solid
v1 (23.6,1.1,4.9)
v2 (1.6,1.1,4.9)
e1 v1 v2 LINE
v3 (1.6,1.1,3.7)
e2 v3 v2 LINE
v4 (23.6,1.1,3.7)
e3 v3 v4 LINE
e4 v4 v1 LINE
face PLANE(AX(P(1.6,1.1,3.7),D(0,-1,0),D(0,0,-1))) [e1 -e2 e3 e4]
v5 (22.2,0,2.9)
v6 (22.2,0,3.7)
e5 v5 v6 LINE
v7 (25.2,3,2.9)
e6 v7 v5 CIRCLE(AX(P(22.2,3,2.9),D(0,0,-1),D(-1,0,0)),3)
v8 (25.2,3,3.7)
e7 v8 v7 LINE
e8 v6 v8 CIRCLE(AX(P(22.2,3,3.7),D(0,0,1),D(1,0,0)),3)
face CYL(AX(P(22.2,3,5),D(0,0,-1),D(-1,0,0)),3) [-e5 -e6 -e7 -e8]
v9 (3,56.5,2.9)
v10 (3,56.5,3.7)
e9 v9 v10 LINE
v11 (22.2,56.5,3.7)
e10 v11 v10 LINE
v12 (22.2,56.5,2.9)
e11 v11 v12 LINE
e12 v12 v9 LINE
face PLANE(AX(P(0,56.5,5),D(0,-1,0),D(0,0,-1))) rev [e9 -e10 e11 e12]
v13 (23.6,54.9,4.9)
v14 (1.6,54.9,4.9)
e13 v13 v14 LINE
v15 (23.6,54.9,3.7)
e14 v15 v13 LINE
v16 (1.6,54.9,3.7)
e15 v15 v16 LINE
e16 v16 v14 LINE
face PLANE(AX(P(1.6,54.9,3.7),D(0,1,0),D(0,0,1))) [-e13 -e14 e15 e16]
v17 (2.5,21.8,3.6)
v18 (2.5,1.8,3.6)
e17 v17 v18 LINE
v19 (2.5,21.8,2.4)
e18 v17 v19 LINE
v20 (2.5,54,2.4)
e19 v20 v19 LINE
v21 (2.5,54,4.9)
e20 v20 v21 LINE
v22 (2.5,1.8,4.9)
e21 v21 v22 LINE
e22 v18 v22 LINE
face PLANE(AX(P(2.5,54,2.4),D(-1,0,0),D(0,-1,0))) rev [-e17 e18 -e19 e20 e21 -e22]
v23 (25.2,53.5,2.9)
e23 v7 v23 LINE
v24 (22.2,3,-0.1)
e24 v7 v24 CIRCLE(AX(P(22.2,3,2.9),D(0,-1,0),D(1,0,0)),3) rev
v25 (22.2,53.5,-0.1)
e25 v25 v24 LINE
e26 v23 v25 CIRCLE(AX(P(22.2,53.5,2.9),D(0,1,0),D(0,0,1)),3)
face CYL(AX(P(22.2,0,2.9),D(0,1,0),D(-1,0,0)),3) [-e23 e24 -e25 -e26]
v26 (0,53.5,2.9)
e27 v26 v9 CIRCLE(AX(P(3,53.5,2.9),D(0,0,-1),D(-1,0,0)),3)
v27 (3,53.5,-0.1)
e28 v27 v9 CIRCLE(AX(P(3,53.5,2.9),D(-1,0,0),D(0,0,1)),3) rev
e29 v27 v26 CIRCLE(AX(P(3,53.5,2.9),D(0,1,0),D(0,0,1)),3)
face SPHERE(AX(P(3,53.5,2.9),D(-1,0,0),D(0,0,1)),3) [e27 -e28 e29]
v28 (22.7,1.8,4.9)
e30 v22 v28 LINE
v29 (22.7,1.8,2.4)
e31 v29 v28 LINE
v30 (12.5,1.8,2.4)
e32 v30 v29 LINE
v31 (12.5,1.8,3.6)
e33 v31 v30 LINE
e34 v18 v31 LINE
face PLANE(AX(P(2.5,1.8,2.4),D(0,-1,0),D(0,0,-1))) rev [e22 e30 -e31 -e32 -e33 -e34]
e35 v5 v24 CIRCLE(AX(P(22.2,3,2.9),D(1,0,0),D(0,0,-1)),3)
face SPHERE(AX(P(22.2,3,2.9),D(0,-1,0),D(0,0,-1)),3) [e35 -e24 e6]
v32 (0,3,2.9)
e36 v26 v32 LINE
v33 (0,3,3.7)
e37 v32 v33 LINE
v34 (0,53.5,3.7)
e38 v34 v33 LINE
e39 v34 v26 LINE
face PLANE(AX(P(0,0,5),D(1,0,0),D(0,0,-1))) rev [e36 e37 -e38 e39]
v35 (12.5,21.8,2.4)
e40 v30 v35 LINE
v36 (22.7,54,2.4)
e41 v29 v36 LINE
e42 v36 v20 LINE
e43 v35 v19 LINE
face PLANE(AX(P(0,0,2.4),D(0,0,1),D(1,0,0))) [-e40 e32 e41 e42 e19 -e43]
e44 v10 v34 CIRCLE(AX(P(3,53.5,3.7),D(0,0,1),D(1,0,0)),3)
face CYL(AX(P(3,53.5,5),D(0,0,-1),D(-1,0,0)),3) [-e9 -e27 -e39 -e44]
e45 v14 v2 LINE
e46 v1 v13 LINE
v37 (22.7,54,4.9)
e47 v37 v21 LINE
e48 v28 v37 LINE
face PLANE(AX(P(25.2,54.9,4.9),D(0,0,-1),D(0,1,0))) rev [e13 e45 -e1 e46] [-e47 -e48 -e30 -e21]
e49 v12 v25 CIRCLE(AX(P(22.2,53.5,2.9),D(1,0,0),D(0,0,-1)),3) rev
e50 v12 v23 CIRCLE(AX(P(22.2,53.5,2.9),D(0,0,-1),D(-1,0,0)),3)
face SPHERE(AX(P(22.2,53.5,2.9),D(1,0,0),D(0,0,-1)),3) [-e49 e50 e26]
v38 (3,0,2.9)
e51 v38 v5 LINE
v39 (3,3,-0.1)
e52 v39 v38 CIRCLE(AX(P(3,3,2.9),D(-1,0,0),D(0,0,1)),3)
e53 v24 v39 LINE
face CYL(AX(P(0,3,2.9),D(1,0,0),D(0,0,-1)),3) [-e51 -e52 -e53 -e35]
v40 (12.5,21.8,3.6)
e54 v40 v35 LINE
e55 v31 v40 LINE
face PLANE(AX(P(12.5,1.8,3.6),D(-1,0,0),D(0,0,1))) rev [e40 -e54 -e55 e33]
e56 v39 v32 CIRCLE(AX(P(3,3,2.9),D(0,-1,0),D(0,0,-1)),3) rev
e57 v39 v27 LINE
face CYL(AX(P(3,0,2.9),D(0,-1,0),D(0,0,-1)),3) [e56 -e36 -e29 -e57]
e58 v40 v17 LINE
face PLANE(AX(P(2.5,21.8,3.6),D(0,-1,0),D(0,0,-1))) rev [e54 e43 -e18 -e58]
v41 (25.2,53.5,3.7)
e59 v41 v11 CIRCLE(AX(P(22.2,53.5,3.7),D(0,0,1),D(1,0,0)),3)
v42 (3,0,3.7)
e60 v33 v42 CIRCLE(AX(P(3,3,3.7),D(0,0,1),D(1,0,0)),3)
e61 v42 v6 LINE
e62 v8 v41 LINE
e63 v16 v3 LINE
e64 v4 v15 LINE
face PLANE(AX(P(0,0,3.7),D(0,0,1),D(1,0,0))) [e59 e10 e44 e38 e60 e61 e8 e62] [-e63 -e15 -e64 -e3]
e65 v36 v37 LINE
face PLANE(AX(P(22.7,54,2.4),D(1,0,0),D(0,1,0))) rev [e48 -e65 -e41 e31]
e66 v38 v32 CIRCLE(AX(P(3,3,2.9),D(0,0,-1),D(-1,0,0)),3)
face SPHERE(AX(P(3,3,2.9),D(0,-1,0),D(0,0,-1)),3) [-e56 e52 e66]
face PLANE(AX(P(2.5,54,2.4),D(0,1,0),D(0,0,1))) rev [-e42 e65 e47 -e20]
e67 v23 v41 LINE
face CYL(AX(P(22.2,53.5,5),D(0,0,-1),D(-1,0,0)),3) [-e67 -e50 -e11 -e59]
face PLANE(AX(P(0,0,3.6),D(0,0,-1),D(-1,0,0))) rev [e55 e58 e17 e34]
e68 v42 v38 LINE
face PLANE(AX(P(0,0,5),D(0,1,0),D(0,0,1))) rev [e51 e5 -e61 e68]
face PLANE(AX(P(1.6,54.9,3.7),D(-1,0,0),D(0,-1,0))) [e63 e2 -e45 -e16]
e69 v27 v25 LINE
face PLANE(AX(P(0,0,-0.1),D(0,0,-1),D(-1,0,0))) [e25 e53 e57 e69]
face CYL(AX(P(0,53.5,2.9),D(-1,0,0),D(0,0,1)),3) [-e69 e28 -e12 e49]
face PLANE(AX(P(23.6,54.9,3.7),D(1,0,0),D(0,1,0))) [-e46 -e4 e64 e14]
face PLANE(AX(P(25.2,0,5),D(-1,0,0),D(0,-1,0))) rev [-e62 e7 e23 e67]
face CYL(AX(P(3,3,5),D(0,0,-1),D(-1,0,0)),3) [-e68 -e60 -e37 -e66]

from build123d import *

# Parameters (mm, degrees)
SKETCH_1_W          = 25.2
SKETCH_1_H          = 56.5
EXTRUDE_1_DEPTH     = 5
SKETCH_2_W          = 25.2
SKETCH_2_H          = 56.5
SKETCH_2_W_2        = 22
SKETCH_2_H_2        = 53.8
CUT_EXTRUDE_1_DEPTH = 1.3
SKETCH_3_W          = 20.2
SKETCH_3_H          = 52.2
CUT_EXTRUDE_2_DEPTH = 2.6
SKETCH_4_W          = 0.1
SKETCH_4_H          = 53.8
CUT_EXTRUDE_3_DEPTH = 62.434599372
SKETCH_5_W          = 25.2
SKETCH_5_H          = 56.5
EXTRUDE_2_DEPTH     = 0.1
SKETCH_6_W          = 10
SKETCH_6_H          = 20
EXTRUDE_3_DEPTH     = 1.2
FILLET_1_R          = 3


with BuildPart() as part:
    # Эскиз1 → Бобышка-Вытянуть1 (new body)
    with BuildSketch(Plane.XY):
        with Locations((12.6, 28.25)):
            Rectangle(SKETCH_1_W, SKETCH_1_H)
    extrude(amount=EXTRUDE_1_DEPTH)

    # Эскиз2 → Вырез-Вытянуть1 (cut)
    with BuildSketch(Plane.XY.offset(5)):
        with Locations((12.6, 28.25)):
            Rectangle(SKETCH_2_W, SKETCH_2_H)
        with Locations((12.6, 28)):
            Rectangle(SKETCH_2_W_2, SKETCH_2_H_2, mode=Mode.SUBTRACT)
    extrude(amount=-CUT_EXTRUDE_1_DEPTH, mode=Mode.SUBTRACT)

    # Эскиз3 → Вырез-Вытянуть2 (cut)
    with BuildSketch(Plane.XY.offset(5)):
        with Locations((12.6, 27.9)):
            Rectangle(SKETCH_3_W, SKETCH_3_H)
    extrude(amount=-CUT_EXTRUDE_2_DEPTH, mode=Mode.SUBTRACT)

    # Эскиз4 → Вырез-Вытянуть3 (cut, through all)
    with BuildSketch(Plane.ZY.offset(-1.6)):
        with Locations((4.95, 28)):
            Rectangle(SKETCH_4_W, SKETCH_4_H)
    extrude(amount=-CUT_EXTRUDE_3_DEPTH, mode=Mode.SUBTRACT)

    # Эскиз5 → Бобышка-Вытянуть2 (add)
    with BuildSketch(Plane(origin=(0, 0, 0), x_dir=(-1, 0, 0), z_dir=(0, 0, -1))):
        with Locations((-12.6, 28.25)):
            Rectangle(SKETCH_5_W, SKETCH_5_H)
    extrude(amount=EXTRUDE_2_DEPTH)

    # Эскиз6 → Бобышка-Вытянуть3 (add)
    with BuildSketch(Plane.XY.offset(2.4)):
        with Locations((7.5, 11.8)):
            Rectangle(SKETCH_6_W, SKETCH_6_H)
    extrude(amount=EXTRUDE_3_DEPTH)

    # Скругление1
    fillet_1_edges = [part.edges().sort_by_distance(p)[0] for p in [
        (0, 56.5, 1.8),
        (25.2, 56.5, 1.8),
        (25.2, 0, 1.8),
        (0, 0, 1.8),
        (25.2, 28.25, -0.1),
        (12.6, 0, -0.1),
        (0, 28.25, -0.1),
        (12.6, 56.5, -0.1),
    ]]
    fillet(fillet_1_edges, radius=FILLET_1_R)


solid = part.part
